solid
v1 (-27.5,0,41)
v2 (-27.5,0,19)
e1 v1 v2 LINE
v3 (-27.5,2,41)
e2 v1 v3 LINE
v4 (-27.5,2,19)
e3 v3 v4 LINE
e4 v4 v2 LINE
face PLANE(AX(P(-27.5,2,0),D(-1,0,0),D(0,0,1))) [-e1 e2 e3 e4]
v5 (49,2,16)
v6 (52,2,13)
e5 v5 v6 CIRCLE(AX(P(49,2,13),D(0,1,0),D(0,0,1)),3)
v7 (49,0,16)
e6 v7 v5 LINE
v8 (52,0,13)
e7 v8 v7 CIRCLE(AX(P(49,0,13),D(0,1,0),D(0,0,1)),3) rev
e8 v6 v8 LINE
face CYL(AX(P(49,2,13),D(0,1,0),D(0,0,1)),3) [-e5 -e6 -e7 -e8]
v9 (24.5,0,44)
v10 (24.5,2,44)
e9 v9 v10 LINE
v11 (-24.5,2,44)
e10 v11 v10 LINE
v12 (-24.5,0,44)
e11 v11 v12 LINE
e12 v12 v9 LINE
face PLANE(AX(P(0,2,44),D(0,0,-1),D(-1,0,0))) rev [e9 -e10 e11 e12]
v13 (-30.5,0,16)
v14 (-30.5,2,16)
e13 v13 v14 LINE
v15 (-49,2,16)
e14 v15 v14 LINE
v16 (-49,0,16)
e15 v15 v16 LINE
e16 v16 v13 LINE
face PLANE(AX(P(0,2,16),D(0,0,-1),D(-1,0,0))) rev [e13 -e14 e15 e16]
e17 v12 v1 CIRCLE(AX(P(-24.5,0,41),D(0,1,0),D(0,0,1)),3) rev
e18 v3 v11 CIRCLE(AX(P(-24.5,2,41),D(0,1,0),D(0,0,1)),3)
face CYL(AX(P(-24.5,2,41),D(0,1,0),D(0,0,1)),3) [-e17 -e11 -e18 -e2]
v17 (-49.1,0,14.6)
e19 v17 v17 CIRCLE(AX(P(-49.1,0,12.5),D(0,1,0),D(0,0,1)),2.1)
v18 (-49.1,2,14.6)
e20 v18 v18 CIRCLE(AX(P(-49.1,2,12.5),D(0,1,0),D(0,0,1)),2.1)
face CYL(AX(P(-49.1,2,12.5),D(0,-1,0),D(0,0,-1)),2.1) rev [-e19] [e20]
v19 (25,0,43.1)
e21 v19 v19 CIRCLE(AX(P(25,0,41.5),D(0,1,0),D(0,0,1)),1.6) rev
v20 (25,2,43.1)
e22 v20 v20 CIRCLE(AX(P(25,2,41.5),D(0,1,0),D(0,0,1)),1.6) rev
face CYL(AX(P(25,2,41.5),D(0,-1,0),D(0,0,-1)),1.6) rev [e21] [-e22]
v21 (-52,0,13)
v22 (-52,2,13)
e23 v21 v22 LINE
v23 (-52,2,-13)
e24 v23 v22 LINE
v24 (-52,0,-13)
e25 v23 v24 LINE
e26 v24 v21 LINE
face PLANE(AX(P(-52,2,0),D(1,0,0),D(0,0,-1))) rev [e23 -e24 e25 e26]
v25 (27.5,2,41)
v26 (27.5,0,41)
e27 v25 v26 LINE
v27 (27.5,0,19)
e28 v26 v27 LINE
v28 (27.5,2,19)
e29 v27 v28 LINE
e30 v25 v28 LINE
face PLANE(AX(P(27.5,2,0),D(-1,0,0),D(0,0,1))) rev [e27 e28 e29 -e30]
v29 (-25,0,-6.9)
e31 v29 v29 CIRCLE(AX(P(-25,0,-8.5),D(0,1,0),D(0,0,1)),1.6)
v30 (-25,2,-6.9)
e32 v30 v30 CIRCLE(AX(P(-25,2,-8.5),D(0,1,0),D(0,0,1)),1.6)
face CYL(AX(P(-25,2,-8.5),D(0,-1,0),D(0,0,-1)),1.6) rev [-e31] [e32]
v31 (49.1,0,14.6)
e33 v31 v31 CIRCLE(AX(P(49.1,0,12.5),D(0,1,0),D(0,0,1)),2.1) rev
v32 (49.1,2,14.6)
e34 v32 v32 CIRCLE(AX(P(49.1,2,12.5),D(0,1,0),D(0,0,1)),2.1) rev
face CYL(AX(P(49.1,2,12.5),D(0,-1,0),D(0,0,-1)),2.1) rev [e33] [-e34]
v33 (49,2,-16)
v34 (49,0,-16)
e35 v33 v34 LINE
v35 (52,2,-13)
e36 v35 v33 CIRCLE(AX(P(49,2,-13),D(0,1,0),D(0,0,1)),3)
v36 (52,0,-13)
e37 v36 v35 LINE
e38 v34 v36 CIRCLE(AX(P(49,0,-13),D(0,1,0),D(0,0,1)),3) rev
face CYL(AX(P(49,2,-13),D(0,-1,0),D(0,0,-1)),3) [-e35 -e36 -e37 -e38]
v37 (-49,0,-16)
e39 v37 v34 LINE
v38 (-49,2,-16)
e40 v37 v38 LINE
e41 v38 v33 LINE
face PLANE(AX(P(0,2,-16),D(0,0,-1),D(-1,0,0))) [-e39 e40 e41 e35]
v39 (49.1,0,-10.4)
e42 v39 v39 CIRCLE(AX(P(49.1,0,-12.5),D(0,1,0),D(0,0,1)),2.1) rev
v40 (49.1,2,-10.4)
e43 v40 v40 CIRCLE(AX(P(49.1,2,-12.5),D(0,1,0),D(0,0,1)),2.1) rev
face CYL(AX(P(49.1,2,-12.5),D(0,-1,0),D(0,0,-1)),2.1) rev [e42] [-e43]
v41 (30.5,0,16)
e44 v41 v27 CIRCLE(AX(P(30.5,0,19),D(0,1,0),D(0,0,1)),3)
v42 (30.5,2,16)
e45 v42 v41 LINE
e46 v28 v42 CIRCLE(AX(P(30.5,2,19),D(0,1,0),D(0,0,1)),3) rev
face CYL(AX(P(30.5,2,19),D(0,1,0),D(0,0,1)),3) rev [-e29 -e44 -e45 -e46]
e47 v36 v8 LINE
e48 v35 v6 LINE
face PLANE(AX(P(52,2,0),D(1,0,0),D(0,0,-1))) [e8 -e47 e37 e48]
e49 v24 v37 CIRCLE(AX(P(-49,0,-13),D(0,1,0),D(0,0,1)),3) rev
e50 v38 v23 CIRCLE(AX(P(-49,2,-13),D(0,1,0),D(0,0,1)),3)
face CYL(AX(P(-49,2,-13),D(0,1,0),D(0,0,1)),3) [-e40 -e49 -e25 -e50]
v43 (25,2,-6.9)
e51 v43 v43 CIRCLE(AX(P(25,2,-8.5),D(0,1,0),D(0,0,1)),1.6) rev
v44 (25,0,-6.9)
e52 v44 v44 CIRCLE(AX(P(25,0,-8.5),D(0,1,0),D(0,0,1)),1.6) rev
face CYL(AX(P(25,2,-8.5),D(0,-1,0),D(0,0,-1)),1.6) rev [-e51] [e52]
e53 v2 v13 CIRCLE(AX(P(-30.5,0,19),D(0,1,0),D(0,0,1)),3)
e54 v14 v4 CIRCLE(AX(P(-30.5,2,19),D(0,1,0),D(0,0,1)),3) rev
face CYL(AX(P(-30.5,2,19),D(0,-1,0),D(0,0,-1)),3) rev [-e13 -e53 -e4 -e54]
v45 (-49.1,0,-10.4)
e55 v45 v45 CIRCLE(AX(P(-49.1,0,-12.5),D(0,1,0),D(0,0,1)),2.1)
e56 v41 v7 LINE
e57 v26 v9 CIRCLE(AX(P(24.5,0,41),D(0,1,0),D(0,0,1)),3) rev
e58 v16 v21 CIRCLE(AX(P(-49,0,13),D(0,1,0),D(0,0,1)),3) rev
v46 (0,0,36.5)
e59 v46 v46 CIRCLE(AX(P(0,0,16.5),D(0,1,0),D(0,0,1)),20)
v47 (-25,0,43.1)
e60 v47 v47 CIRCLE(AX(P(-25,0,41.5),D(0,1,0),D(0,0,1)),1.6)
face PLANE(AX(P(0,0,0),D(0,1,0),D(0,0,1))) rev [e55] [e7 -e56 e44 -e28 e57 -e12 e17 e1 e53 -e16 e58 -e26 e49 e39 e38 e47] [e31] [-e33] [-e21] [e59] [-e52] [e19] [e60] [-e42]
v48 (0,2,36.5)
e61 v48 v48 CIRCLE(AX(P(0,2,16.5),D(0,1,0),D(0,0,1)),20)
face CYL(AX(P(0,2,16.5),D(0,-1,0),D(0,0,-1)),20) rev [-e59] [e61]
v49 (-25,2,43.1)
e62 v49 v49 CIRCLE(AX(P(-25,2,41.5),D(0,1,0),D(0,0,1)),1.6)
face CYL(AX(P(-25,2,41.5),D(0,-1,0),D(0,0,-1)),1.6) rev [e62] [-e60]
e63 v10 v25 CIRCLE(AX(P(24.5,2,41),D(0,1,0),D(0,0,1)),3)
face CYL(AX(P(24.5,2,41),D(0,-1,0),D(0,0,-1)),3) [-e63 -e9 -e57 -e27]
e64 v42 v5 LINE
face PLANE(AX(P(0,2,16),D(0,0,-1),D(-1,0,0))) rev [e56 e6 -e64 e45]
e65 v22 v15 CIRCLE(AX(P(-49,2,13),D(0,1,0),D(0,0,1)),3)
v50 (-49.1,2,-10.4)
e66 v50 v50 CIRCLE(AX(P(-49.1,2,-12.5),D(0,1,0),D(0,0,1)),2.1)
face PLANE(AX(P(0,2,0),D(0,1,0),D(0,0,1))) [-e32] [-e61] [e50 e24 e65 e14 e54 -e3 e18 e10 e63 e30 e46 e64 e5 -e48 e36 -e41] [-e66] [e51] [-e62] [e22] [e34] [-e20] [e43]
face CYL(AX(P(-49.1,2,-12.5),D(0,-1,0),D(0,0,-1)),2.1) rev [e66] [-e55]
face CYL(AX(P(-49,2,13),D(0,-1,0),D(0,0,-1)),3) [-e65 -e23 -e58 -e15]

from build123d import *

# Parameters (mm, degrees)
SKETCH_1_R      = 1.6
SKETCH_1_R_2    = 20
SKETCH_1_R_3    = 2.1
EXTRUDE_1_DEPTH = 2
FILLET_1_R      = 3


with BuildPart() as part:
    # 草图1 → 凸台-拉伸1 (new body)
    with BuildSketch(Plane(origin=(0, 0, 0), x_dir=(1, 0, 0), z_dir=(0, 1, 0))):
        Polygon((52, 16), (-52, 16), (-52, -16), (-27.5, -16), (-27.5, -44), (27.5, -44), (27.5, -16), (52, -16), align=None)
        with Locations(Location((25, -41.5, 0), (0, 0, 270))):
            Circle(SKETCH_1_R, mode=Mode.SUBTRACT)
        with Locations(Location((-25, -41.5, 0), (0, 0, 270))):
            Circle(SKETCH_1_R, mode=Mode.SUBTRACT)
        with Locations(Location((0, -16.5, 0), (0, 0, 270))):
            Circle(SKETCH_1_R_2, mode=Mode.SUBTRACT)
        with Locations(Location((-49.1, -12.5, 0), (0, 0, 270))):
            Circle(SKETCH_1_R_3, mode=Mode.SUBTRACT)
        with Locations(Location((-49.1, 12.5, 0), (0, 0, 270))):
            Circle(SKETCH_1_R_3, mode=Mode.SUBTRACT)
        with Locations(Location((-25, 8.5, 0), (0, 0, 270))):
            Circle(SKETCH_1_R, mode=Mode.SUBTRACT)
        with Locations(Location((49.1, -12.5, 0), (0, 0, 270))):
            Circle(SKETCH_1_R_3, mode=Mode.SUBTRACT)
        with Locations(Location((25, 8.5, 0), (0, 0, 270))):
            Circle(SKETCH_1_R, mode=Mode.SUBTRACT)
        with Locations(Location((49.1, 12.5, 0), (0, 0, 270))):
            Circle(SKETCH_1_R_3, mode=Mode.SUBTRACT)
    extrude(amount=EXTRUDE_1_DEPTH)

    # 圆角1
    fillet_1_edges = [part.edges().sort_by_distance(p)[0] for p in [
        (27.5, 1, 44),
        (-27.5, 1, 44),
        (-27.5, 1, 16),
        (-52, 1, 16),
        (-52, 1, -16),
        (52, 1, -16),
        (52, 1, 16),
        (27.5, 1, 16),
    ]]
    fillet(fillet_1_edges, radius=FILLET_1_R)


solid = part.part
